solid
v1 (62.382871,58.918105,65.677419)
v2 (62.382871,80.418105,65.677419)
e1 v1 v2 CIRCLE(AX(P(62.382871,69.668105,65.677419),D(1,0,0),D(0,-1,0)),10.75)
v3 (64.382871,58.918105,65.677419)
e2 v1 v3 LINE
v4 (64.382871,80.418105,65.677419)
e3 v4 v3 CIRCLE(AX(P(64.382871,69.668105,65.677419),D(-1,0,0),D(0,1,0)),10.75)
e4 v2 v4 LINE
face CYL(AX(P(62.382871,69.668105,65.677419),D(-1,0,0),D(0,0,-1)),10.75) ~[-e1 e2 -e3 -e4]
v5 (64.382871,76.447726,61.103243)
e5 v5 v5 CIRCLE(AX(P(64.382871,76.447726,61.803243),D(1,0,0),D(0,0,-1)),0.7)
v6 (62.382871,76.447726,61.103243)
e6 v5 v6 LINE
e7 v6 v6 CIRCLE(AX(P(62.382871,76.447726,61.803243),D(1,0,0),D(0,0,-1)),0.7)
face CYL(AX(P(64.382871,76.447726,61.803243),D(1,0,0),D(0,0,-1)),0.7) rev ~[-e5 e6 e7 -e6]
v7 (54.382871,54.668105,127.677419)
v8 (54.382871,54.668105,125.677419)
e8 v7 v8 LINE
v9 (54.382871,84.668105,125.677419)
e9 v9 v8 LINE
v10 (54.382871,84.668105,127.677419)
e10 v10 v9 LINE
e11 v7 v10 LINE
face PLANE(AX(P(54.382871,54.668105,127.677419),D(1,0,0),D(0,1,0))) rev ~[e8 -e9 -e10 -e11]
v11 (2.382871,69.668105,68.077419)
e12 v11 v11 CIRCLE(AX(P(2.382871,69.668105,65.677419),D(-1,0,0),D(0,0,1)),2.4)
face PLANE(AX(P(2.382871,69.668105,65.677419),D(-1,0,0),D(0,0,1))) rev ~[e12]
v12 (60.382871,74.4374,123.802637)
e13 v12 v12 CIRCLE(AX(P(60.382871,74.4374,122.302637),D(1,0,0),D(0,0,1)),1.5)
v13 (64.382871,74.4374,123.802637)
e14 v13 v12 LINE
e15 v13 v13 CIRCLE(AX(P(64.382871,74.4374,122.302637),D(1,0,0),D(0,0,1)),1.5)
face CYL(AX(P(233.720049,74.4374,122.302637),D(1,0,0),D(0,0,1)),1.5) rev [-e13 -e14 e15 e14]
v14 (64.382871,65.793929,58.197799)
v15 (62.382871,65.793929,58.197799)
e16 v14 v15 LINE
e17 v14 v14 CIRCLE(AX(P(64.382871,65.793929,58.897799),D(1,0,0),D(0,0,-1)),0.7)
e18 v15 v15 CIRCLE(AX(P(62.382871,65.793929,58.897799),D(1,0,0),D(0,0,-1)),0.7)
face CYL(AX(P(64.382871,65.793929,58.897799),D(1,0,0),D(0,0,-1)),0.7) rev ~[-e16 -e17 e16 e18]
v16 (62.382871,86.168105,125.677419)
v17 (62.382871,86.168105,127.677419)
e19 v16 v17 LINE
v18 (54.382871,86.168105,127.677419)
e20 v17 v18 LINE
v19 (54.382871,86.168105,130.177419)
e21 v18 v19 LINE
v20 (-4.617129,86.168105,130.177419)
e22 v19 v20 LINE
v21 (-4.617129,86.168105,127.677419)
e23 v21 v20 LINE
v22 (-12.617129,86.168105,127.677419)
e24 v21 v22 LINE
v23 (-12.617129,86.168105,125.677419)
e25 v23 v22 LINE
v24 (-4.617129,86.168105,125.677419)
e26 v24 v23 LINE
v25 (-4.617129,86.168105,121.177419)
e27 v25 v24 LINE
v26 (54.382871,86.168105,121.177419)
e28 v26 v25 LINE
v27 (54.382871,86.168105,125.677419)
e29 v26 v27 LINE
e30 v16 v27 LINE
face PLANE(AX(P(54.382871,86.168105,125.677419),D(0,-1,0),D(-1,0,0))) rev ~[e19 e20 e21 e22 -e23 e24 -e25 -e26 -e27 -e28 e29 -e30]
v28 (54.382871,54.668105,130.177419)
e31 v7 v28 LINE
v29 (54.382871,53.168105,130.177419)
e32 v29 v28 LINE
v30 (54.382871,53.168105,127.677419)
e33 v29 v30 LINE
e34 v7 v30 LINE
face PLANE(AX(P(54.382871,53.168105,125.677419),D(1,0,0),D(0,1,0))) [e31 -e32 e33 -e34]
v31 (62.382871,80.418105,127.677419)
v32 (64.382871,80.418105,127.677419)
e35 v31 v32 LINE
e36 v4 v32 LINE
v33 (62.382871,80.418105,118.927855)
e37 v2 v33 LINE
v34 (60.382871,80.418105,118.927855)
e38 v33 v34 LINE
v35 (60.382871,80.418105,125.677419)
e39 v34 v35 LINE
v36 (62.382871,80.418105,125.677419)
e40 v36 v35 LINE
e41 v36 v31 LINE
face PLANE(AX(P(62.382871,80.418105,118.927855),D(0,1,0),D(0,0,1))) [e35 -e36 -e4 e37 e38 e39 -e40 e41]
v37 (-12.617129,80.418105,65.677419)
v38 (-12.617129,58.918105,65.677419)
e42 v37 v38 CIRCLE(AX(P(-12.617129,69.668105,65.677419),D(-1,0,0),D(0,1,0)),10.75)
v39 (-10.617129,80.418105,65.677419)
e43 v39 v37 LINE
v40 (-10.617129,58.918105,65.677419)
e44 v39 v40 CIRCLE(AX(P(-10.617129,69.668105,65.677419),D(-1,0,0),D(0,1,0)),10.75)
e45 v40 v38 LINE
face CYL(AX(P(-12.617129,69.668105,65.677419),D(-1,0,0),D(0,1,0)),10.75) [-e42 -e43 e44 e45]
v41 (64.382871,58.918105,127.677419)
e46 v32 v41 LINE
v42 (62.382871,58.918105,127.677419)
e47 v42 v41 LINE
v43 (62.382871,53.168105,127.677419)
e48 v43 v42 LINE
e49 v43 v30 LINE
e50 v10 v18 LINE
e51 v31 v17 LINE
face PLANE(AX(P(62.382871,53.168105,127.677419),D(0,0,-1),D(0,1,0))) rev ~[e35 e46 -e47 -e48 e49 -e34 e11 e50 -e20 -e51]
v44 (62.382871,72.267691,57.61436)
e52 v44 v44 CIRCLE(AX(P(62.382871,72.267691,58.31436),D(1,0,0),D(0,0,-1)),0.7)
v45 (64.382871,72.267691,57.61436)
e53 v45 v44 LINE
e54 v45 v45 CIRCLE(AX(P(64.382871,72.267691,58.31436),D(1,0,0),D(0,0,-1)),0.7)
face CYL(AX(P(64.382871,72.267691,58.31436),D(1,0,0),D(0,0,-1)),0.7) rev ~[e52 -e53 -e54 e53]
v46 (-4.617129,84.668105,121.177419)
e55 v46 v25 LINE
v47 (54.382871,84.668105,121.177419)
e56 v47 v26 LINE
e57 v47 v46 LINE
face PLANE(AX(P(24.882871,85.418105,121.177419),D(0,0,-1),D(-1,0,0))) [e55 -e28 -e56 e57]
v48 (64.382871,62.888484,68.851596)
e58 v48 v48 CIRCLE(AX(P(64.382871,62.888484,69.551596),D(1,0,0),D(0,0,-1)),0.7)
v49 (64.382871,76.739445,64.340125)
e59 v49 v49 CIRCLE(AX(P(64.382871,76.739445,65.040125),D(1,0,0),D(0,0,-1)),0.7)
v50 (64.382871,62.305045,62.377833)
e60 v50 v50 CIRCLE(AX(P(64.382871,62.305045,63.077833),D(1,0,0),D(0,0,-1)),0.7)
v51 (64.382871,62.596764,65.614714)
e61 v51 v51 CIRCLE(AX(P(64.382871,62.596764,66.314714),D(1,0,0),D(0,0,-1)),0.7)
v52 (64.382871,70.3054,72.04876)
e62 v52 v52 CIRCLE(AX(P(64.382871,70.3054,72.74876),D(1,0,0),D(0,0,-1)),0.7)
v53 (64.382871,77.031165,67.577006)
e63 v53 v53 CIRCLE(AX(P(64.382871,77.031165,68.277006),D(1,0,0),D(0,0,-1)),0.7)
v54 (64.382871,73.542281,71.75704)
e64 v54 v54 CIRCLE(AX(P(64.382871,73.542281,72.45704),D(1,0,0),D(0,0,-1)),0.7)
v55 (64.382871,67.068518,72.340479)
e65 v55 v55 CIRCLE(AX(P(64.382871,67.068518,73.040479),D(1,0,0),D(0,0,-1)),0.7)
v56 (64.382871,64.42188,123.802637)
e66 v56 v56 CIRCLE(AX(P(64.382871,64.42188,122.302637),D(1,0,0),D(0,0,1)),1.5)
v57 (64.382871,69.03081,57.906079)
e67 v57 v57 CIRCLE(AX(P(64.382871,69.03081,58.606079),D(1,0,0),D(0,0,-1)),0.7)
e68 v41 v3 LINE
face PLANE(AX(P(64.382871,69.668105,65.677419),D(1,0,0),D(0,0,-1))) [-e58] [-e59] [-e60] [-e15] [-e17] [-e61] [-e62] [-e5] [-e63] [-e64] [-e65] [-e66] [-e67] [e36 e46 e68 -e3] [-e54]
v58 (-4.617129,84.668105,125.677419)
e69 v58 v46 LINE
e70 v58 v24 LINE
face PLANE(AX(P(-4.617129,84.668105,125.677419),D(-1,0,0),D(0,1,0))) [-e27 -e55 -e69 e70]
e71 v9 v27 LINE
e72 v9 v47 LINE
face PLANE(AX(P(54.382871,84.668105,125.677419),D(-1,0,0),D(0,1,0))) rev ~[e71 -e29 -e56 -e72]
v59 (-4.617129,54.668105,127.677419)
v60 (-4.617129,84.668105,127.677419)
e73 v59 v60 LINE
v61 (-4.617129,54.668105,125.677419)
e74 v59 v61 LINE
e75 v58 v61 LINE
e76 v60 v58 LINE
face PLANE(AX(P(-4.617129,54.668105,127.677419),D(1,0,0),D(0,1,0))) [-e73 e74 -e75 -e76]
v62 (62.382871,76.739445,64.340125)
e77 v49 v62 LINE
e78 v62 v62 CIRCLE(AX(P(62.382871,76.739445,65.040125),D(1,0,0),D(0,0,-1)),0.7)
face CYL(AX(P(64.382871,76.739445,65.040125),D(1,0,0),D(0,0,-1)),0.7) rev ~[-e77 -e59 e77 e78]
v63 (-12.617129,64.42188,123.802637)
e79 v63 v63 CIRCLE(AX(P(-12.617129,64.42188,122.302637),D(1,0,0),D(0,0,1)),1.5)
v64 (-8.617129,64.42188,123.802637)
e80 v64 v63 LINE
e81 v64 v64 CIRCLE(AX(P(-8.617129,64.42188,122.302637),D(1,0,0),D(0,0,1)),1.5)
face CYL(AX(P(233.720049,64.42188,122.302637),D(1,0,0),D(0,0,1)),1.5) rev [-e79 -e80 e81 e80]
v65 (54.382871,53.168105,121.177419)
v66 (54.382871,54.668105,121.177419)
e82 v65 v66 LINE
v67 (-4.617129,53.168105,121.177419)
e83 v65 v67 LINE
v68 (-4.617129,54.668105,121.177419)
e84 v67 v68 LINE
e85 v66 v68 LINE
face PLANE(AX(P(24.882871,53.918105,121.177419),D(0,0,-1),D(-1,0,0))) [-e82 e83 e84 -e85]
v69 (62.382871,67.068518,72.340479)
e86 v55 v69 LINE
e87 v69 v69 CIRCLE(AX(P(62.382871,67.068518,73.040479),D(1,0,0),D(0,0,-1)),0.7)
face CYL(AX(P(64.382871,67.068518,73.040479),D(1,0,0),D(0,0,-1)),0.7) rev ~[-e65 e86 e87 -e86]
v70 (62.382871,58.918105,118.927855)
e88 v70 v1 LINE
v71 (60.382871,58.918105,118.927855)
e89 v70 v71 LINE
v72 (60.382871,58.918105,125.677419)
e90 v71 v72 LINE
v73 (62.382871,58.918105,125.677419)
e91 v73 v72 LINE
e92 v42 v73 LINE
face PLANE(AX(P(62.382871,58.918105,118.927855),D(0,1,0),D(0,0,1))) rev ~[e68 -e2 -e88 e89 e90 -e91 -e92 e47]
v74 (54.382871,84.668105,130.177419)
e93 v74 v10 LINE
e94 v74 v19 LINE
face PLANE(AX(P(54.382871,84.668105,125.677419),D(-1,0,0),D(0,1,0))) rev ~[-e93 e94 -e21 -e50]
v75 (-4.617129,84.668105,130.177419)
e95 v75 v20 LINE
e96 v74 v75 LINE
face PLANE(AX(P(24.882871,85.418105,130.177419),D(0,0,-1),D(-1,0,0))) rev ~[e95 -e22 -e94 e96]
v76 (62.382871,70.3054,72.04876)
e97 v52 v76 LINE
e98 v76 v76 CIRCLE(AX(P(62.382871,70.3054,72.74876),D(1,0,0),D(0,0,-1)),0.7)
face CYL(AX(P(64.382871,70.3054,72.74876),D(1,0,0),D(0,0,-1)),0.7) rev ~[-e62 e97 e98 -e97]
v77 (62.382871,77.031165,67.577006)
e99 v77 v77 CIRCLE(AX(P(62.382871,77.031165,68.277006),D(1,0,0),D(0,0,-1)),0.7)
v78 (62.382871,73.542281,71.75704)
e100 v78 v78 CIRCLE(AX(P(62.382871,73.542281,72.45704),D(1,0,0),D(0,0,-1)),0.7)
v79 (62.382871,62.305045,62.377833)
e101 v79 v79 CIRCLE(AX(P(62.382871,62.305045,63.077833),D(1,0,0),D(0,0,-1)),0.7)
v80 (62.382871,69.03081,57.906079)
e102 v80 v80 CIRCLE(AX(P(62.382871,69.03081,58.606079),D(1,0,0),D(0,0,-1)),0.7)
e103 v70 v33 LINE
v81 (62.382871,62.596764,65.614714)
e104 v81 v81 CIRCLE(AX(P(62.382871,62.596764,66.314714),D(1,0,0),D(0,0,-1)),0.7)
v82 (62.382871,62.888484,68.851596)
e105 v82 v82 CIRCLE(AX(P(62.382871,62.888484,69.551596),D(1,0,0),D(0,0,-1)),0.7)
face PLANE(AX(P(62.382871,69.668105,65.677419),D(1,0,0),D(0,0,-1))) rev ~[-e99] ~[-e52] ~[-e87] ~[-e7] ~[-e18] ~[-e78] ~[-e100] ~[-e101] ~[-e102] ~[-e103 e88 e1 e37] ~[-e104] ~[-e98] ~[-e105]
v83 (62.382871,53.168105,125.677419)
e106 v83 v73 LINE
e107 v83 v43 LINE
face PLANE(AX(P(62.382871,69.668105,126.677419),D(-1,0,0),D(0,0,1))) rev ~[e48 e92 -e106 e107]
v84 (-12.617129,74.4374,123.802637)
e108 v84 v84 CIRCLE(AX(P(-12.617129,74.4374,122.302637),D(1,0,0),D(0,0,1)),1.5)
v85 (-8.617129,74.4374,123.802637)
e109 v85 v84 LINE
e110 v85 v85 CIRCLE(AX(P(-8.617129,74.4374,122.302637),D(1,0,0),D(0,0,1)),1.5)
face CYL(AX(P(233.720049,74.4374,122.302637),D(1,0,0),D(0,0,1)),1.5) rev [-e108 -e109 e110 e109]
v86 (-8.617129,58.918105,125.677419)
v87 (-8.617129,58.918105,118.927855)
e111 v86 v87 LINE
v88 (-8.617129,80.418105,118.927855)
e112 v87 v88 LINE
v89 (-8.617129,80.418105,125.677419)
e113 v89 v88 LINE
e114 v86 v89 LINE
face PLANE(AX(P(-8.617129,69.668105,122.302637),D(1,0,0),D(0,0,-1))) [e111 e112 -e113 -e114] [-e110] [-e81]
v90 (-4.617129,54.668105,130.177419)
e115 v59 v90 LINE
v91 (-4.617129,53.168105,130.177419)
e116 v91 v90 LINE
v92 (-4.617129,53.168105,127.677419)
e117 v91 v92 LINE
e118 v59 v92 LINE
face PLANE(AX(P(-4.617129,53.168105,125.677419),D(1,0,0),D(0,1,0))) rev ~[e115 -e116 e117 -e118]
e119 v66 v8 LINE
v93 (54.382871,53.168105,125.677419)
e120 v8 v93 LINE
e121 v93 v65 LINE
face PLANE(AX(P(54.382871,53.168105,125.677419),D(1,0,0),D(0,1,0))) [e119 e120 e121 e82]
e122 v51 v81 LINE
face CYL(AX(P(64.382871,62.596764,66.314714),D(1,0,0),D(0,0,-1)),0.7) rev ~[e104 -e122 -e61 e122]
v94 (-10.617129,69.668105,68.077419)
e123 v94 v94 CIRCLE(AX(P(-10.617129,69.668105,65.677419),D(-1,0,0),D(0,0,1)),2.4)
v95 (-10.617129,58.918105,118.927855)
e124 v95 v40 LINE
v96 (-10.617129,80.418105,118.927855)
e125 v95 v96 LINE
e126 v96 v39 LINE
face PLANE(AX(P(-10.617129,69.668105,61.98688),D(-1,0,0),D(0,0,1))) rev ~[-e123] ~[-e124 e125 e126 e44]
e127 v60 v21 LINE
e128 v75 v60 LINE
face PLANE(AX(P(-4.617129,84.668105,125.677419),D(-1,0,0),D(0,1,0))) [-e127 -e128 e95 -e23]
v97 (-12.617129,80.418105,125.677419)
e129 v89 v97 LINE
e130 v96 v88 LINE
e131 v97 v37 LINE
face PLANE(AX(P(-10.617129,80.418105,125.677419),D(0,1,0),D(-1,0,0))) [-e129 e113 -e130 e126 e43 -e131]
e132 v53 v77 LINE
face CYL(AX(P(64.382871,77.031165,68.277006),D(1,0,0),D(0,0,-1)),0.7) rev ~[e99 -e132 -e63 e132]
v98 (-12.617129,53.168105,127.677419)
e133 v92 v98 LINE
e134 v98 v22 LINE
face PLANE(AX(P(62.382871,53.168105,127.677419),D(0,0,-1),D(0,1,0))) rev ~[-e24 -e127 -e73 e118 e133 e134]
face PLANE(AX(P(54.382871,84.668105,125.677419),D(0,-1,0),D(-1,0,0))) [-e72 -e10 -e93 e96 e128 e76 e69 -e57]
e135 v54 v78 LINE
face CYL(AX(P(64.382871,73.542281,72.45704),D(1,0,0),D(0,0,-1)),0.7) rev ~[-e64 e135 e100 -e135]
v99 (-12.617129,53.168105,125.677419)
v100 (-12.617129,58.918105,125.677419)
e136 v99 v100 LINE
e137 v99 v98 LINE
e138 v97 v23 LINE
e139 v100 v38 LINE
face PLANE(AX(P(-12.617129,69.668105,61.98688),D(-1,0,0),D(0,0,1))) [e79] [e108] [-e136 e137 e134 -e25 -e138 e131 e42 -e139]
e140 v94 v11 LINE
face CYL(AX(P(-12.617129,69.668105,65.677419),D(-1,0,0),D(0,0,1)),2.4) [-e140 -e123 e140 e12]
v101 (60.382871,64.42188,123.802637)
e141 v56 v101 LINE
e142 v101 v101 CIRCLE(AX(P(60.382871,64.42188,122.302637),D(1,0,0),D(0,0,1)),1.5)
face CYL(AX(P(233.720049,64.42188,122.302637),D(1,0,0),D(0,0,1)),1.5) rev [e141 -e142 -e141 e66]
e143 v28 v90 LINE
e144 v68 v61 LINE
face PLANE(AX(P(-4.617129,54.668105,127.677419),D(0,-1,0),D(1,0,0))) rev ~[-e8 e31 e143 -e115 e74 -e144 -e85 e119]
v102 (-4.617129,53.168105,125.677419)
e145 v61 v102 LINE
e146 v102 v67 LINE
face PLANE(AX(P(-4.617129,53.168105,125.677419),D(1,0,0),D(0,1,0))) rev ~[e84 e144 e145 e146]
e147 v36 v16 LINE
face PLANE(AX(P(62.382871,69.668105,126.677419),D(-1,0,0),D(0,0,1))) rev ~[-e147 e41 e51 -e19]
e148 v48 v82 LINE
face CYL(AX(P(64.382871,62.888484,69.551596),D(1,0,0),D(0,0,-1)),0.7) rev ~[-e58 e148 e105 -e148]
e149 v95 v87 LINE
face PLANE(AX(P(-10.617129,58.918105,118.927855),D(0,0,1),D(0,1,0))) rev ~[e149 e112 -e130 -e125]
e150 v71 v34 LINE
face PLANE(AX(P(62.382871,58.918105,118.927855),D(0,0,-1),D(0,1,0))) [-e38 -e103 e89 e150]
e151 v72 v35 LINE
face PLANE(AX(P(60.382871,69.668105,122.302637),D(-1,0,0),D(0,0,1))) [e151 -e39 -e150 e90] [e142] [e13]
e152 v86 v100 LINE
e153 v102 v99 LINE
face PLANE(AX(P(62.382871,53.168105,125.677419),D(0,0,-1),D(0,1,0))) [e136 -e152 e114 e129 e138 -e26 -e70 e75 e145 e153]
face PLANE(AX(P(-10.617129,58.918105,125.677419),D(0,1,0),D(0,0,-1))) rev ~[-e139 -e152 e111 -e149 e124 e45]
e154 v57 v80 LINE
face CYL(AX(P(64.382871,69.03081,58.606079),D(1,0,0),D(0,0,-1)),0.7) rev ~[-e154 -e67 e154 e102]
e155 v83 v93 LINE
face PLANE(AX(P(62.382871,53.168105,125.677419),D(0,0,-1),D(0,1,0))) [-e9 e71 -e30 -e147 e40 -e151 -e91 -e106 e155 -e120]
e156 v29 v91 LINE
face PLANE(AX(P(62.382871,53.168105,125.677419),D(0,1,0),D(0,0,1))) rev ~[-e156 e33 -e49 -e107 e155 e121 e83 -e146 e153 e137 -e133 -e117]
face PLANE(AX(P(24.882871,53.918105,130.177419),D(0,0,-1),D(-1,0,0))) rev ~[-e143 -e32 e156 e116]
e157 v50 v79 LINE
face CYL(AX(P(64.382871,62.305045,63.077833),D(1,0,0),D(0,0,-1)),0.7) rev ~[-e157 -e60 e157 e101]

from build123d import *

# Parameters (mm, degrees)
SKETCH_2_R               = 10.75
SKETCH_2_R_2             = 0.5
EXTRUDE_1_DEPTH          = 2
EXTRUDE_3_DEPTH          = 2
SKETCH_4_W               = 2
SKETCH_4_H               = 33
EXTRUDE_4_DEPTH          = 75
SKETCH_8_R               = 0.7
CUT_EXTRUDE_1_DEPTH      = 7
SKETCH_9_W               = 2
SKETCH_9_H               = 21.5
EXTRUDE_7_DEPTH          = 60
EXTRUDE_2_DEPTH          = 2
SKETCH_11_R              = 2.4
EXTRUDE_8_DEPTH          = 15
SKETCH_12_W              = 59
SKETCH_12_H              = 30
CUT_EXTRUDE_2_DEPTH      = 15
SKETCH_13_W              = 59
SKETCH_13_H              = 1.5
EXTRUDE_9_DEPTH          = 4.5
SKETCH_15_W              = 6.749564512
SKETCH_15_H              = 21.5
EXTRUDE_10_DEPTH         = 2
SKETCH_16_W              = 6.749564512
SKETCH_16_H              = 21.5
EXTRUDE_11_DEPTH         = 2
CUT_EXTRUDE_3_DEPTH      = 173.33717765
CUT_EXTRUDE_3_DEPTH_BACK = 173.33717765
SKETCH_17_R              = 1.5


with BuildPart() as part:
    # 스케치2 → 보스-돌출1 (new body)
    with BuildSketch(Plane(origin=(62.38287134, 0, 0), x_dir=(0, 0, -1), z_dir=(1, 0, 0))):
        with Locations((-65.677419436, 69.66810471)):
            Circle(SKETCH_2_R)
        with Locations((-61.803243354, 76.447725619)):
            Circle(SKETCH_2_R_2, mode=Mode.SUBTRACT)
        with Locations((-65.040124528, 76.73944512)):
            Circle(SKETCH_2_R_2, mode=Mode.SUBTRACT)
        with Locations((-68.277005701, 77.03116462)):
            Circle(SKETCH_2_R_2, mode=Mode.SUBTRACT)
        with Locations((-72.457040346, 73.542280792)):
            Circle(SKETCH_2_R_2, mode=Mode.SUBTRACT)
        with Locations((-72.748759847, 70.305399618)):
            Circle(SKETCH_2_R_2, mode=Mode.SUBTRACT)
        with Locations((-73.040479347, 67.068518444)):
            Circle(SKETCH_2_R_2, mode=Mode.SUBTRACT)
        with Locations((-69.551595519, 62.8884838)):
            Circle(SKETCH_2_R_2, mode=Mode.SUBTRACT)
        with Locations((-66.314714345, 62.596764299)):
            Circle(SKETCH_2_R_2, mode=Mode.SUBTRACT)
        with Locations((-63.077833171, 62.305044799)):
            Circle(SKETCH_2_R_2, mode=Mode.SUBTRACT)
        with Locations((-58.897798526, 65.793928627)):
            Circle(SKETCH_2_R_2, mode=Mode.SUBTRACT)
        with Locations((-58.606079026, 69.030809801)):
            Circle(SKETCH_2_R_2, mode=Mode.SUBTRACT)
        with Locations((-58.314359525, 72.267690975)):
            Circle(SKETCH_2_R_2, mode=Mode.SUBTRACT)
    extrude(amount=EXTRUDE_1_DEPTH)

    # 스케치3 → 보스-돌출3 (add)
    with BuildSketch(Plane.ZY.offset(-62.38287134)):
        with BuildLine():
            Line((65.677419436, 80.41810471), (127.677419436, 80.41810471))
            Line((127.677419436, 80.41810471), (127.677419436, 58.91810471))
            Line((127.677419436, 58.91810471), (65.677419436, 58.91810471))
            ThreePointArc((65.677419436, 58.91810471), (76.427419436, 69.66810471), (65.677419436, 80.41810471))
        make_face()
    extrude(amount=-EXTRUDE_3_DEPTH)

    # 스케치4 → 보스-돌출4 (add)
    with BuildSketch(Plane.ZY.offset(-62.38287134)):
        with Locations((126.677419436, 69.66810471)):
            Rectangle(SKETCH_4_W, SKETCH_4_H)
    extrude(amount=EXTRUDE_4_DEPTH)

    # 스케치8 → 컷-돌출1 (cut)
    with BuildSketch(Plane(origin=(64.38287134, 0, 0), x_dir=(0, 0, -1), z_dir=(1, 0, 0))):
        with Locations((-68.277005701, 77.03116462)):
            Circle(SKETCH_8_R)
        with Locations((-65.040124528, 76.73944512)):
            Circle(SKETCH_8_R)
        with Locations((-61.803243354, 76.447725619)):
            Circle(SKETCH_8_R)
        with Locations((-58.314359525, 72.267690975)):
            Circle(SKETCH_8_R)
        with Locations((-58.606079026, 69.030809801)):
            Circle(SKETCH_8_R)
        with Locations((-58.897798526, 65.793928627)):
            Circle(SKETCH_8_R)
        with Locations((-63.077833171, 62.305044799)):
            Circle(SKETCH_8_R)
        with Locations((-66.314714345, 62.596764299)):
            Circle(SKETCH_8_R)
        with Locations((-69.551595519, 62.8884838)):
            Circle(SKETCH_8_R)
        with Locations((-73.040479347, 67.068518444)):
            Circle(SKETCH_8_R)
        with Locations((-72.748759847, 70.305399618)):
            Circle(SKETCH_8_R)
        with Locations((-72.457040346, 73.542280792)):
            Circle(SKETCH_8_R)
    extrude(amount=-CUT_EXTRUDE_1_DEPTH, mode=Mode.SUBTRACT)

    # 스케치9 → 보스-돌출7 (add)
    with BuildSketch(Plane(origin=(0, 0, 125.677419436), x_dir=(-1, 0, 0), z_dir=(0, 0, -1))):
        with Locations((11.61712866, 69.66810471)):
            Rectangle(SKETCH_9_W, SKETCH_9_H)
    extrude(amount=EXTRUDE_7_DEPTH)

    # 스케치10 → 돌출-얇게2 (add)
    with BuildSketch(Plane.ZY.offset(12.61712866)):
        with BuildLine():
            ThreePointArc((65.677419436, 80.41810471), (54.927419436, 69.66810471), (65.677419436, 58.91810471))
            Line((65.677419436, 58.91810471), (65.677419436, 68.91810471))
            ThreePointArc((65.677419436, 68.91810471), (64.927419436, 69.66810471), (65.677419436, 70.41810471))
            Line((65.677419436, 70.41810471), (65.677419436, 80.41810471))
        make_face()
    extrude(amount=-EXTRUDE_2_DEPTH)

    # 스케치11 → 보스-돌출8 (add)
    with BuildSketch(Plane.ZY.offset(12.61712866)):
        with Locations((65.677419436, 69.66810471)):
            Circle(SKETCH_11_R)
    extrude(amount=-EXTRUDE_8_DEPTH)

    # 스케치12 → 컷-돌출2 (cut)
    with BuildSketch(Plane.XY.offset(127.677419436)):
        with Locations((24.88287134, 69.66810471)):
            Rectangle(SKETCH_12_W, SKETCH_12_H)
    extrude(amount=-CUT_EXTRUDE_2_DEPTH, mode=Mode.SUBTRACT)

    # 스케치13 → 보스-돌출9 (add, symmetric)
    with BuildSketch(Plane(origin=(0, 0, 125.677419436), x_dir=(-1, 0, 0), z_dir=(0, 0, -1))):
        with Locations((-24.88287134, 53.91810471)):
            Rectangle(SKETCH_13_W, SKETCH_13_H)
        with Locations((-24.88287134, 85.41810471)):
            Rectangle(SKETCH_13_W, SKETCH_13_H)
    extrude(amount=EXTRUDE_9_DEPTH, both=True)

    # 스케치15 → 보스-돌출10 (add)
    with BuildSketch(Plane.ZY.offset(-62.38287134)):
        with Locations((122.30263718, 69.66810471)):
            Rectangle(SKETCH_15_W, SKETCH_15_H)
    extrude(amount=EXTRUDE_10_DEPTH)

    # 스케치16 → 보스-돌출11 (add)
    with BuildSketch(Plane(origin=(-10.61712866, 0, 0), x_dir=(0, 0, -1), z_dir=(1, 0, 0))):
        with Locations((-122.30263718, 69.66810471)):
            Rectangle(SKETCH_16_W, SKETCH_16_H)
    extrude(amount=EXTRUDE_11_DEPTH)

    # 스케치17 → 컷-돌출3 (cut, two sides: drawn at the far end of the back side and taken through both)
    with BuildSketch(Plane.ZY.offset(-60.38287134).offset(-CUT_EXTRUDE_3_DEPTH_BACK)):
        with Locations((122.30263718, 74.43740033)):
            Circle(SKETCH_17_R)
        with Locations((122.30263718, 64.421879527)):
            Circle(SKETCH_17_R)
    extrude(amount=CUT_EXTRUDE_3_DEPTH + CUT_EXTRUDE_3_DEPTH_BACK, mode=Mode.SUBTRACT)


solid = part.part
